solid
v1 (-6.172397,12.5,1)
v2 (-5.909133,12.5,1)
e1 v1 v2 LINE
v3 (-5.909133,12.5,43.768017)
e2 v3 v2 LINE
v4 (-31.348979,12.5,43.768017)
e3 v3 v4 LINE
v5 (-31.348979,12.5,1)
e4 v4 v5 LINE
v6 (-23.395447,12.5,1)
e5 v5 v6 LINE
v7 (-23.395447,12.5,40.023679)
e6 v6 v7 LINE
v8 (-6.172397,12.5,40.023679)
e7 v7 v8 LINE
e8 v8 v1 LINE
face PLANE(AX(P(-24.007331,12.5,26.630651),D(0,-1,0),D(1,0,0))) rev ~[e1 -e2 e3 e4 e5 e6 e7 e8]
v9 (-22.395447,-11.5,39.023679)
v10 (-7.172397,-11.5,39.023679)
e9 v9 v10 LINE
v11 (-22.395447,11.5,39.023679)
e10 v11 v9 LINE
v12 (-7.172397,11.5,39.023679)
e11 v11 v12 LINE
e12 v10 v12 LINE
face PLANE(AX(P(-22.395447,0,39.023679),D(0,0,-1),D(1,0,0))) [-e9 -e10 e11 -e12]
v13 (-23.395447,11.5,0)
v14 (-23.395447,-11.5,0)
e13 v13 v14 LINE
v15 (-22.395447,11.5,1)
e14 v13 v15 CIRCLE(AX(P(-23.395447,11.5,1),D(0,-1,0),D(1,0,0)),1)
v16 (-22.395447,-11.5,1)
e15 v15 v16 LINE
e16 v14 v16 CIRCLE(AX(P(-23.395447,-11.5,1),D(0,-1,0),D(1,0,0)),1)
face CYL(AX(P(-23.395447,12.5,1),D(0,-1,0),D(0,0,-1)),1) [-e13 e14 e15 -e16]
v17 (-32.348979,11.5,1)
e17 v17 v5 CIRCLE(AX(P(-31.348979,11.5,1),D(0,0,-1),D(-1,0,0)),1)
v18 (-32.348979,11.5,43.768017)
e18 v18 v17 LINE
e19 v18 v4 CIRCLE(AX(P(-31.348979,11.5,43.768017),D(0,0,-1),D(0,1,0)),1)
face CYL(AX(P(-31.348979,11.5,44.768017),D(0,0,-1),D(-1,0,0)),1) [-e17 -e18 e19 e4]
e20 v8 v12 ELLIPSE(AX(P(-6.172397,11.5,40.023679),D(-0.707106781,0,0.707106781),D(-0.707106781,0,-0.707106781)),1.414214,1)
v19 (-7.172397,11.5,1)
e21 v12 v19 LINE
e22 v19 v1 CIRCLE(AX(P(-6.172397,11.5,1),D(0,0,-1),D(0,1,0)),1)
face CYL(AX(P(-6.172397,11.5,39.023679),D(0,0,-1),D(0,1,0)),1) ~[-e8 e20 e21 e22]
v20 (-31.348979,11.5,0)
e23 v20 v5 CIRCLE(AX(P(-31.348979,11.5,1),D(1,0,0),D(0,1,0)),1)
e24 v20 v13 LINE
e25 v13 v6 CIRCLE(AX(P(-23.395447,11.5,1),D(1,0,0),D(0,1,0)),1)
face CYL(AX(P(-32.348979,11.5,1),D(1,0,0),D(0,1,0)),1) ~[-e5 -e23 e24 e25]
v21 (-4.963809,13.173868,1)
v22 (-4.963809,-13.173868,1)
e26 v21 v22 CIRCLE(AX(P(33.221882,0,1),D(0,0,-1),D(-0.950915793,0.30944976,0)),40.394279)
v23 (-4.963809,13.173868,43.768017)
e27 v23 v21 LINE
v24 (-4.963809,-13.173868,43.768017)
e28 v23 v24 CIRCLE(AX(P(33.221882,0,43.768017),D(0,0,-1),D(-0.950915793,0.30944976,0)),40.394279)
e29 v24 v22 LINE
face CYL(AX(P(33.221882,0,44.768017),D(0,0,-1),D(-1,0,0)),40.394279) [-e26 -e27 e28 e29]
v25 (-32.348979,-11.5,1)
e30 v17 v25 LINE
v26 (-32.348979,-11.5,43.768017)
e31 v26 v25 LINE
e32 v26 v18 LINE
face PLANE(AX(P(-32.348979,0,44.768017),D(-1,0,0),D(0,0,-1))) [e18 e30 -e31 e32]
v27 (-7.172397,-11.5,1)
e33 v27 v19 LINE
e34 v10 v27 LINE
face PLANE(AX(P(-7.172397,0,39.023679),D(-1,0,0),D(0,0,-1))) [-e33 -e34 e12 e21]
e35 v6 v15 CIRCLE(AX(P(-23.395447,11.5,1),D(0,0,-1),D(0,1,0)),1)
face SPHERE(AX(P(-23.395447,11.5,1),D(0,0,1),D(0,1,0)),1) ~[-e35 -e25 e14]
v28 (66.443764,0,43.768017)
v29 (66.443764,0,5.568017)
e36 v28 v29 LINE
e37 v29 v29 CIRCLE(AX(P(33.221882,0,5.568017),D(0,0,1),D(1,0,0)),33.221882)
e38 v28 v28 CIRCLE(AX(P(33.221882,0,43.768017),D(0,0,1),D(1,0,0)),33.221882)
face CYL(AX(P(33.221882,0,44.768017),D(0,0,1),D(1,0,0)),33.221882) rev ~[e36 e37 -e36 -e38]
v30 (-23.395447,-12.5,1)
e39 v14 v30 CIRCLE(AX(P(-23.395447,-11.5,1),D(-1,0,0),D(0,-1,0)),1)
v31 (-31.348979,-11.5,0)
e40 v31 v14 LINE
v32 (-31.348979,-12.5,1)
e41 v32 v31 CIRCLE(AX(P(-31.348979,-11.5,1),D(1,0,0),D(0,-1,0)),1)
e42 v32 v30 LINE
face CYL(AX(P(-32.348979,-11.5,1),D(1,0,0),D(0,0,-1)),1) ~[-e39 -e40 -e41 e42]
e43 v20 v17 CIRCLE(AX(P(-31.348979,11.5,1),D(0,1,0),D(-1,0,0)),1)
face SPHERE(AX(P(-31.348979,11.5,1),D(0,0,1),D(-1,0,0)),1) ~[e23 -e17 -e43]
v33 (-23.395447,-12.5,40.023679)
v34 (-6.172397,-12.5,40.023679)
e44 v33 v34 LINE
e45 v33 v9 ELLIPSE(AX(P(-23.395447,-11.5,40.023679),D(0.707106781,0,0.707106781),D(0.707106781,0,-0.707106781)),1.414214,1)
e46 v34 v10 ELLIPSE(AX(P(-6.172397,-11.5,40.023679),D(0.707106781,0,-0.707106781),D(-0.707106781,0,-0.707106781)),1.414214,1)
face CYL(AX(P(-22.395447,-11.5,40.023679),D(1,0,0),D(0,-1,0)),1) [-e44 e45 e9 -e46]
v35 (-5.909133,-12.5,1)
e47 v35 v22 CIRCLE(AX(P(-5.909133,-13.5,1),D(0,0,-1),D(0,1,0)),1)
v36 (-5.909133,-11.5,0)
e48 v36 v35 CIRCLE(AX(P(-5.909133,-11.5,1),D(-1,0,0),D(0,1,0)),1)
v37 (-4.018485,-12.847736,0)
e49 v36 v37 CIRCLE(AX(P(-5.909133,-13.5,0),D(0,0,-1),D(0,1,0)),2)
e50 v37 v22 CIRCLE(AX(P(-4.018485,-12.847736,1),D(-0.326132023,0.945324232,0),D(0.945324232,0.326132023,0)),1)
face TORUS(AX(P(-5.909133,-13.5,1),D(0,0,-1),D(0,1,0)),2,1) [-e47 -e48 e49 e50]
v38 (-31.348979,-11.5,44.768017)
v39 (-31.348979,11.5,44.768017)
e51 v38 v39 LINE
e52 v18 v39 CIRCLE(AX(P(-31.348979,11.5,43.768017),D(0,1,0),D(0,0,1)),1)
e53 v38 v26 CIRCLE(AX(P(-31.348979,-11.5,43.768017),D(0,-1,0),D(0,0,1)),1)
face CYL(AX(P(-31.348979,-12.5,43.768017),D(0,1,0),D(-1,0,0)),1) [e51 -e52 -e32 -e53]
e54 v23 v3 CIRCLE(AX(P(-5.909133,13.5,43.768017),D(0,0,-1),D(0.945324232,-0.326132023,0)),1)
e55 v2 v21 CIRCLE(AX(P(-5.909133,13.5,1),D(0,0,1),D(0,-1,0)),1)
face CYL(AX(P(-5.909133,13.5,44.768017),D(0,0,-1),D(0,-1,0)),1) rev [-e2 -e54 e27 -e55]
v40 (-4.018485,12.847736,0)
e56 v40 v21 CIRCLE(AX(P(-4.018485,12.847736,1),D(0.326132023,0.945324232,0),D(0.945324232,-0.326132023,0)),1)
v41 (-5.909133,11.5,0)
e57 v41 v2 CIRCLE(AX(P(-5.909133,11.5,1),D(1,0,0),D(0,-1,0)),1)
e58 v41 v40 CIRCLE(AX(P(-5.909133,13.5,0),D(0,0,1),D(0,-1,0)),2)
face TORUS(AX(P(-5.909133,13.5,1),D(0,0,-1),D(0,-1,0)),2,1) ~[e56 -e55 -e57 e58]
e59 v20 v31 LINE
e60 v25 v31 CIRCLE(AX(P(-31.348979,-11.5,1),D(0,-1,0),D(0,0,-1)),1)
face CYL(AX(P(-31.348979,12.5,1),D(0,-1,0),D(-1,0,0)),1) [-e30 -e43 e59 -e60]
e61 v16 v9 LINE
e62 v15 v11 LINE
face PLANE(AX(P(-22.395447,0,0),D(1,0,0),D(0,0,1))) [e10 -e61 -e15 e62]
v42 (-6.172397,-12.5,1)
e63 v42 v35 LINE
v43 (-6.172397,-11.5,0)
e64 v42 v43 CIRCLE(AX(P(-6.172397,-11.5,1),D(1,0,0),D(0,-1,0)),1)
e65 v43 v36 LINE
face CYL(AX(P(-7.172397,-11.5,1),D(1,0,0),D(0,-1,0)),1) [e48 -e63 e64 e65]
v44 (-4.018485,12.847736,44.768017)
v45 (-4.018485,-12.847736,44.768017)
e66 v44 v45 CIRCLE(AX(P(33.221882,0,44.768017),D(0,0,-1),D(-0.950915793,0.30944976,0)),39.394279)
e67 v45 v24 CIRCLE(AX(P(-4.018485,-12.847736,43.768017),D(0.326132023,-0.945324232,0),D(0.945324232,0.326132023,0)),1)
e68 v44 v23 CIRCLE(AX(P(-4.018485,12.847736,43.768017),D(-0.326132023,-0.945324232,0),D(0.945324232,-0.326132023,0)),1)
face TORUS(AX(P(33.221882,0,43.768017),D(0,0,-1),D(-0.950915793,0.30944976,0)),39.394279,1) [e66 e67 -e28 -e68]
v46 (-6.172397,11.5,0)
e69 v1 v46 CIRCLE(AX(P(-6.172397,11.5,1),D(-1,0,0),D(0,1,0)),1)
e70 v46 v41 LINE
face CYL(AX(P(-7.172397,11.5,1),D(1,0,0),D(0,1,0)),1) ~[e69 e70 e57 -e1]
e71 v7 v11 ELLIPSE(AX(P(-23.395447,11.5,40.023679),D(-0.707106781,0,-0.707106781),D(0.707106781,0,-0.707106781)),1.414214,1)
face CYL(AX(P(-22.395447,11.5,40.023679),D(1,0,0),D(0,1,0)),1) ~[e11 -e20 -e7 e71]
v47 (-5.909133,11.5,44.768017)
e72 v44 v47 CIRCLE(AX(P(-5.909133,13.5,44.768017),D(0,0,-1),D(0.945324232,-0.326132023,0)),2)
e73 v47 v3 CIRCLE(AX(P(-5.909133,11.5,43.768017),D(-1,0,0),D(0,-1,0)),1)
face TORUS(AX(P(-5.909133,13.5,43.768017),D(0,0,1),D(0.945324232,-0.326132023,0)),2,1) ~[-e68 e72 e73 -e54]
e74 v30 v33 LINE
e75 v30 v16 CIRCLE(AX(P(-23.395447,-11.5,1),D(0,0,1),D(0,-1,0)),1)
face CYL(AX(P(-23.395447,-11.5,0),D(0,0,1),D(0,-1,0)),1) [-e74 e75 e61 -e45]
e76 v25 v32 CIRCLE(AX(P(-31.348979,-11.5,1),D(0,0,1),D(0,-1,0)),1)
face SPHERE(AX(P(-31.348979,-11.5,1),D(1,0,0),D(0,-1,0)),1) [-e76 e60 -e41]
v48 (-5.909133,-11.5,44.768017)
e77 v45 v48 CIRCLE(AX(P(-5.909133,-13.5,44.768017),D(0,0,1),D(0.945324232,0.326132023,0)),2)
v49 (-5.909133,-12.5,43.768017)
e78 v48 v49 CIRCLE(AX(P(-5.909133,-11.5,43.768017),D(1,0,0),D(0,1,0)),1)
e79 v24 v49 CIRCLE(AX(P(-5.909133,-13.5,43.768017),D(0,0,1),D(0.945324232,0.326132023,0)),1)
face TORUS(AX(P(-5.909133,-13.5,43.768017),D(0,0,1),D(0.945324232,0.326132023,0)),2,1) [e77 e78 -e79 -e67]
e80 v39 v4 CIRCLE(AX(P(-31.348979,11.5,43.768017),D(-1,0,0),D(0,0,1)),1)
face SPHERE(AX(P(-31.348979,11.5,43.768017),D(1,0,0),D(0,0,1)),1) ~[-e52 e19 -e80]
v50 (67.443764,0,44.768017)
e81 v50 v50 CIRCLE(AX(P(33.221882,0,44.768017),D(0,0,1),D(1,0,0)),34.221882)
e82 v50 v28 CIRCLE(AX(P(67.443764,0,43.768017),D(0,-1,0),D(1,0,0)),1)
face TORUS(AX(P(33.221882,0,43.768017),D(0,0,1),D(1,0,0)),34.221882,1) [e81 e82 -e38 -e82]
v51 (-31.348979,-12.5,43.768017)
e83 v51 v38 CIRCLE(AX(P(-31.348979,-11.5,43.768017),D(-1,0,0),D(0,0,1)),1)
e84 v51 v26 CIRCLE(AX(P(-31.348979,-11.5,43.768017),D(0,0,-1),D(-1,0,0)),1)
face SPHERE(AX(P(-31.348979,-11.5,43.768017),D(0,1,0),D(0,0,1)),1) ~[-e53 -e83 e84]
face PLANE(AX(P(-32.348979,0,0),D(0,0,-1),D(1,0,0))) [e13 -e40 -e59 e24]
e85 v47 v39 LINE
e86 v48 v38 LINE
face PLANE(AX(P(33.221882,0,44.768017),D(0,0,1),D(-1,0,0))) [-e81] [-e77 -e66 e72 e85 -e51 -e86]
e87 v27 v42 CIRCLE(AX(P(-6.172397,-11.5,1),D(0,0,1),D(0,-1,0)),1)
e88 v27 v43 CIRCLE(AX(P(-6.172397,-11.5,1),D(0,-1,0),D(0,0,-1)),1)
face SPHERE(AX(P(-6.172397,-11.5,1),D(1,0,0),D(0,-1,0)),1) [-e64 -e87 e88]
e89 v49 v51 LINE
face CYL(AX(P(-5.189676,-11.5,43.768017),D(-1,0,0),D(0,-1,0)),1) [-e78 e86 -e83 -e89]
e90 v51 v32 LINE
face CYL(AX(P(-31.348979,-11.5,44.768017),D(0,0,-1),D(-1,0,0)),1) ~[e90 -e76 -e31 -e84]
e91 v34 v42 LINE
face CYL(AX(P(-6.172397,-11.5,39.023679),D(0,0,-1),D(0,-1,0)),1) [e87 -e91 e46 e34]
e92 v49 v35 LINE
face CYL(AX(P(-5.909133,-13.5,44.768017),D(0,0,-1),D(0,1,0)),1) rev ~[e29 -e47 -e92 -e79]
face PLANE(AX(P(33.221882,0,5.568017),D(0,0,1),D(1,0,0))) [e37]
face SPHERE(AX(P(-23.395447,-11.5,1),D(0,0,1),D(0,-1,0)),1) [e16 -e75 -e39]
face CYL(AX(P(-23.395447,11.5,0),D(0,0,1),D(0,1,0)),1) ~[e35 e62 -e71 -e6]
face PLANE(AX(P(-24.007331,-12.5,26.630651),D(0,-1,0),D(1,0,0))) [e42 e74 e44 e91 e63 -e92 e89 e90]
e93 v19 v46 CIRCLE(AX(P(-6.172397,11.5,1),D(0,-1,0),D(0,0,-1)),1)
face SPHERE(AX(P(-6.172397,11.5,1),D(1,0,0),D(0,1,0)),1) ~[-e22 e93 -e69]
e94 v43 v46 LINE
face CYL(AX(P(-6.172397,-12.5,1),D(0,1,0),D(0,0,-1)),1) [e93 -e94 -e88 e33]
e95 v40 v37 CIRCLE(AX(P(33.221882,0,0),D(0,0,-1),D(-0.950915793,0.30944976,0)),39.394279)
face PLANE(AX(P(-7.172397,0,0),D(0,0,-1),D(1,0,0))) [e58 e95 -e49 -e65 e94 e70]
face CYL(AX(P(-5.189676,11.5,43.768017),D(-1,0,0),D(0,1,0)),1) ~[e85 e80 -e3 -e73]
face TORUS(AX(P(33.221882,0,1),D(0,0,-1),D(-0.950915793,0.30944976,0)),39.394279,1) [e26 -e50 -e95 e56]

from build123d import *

# Parameters (mm, degrees)
F2_DEPTH = 12.5
F3_R     = 33.2218818367
F4_DEPTH = 39.2
F5_R     = 1


with BuildPart() as f1:
    # F0 (on Front) → F1 (revolve)
    with BuildSketch(Plane.XZ):
        Polygon((33.2218818367, 44.7680167854), (-7.1723973379, 44.7680167854), (-7.1723973379, 39.0236787498), (-7.1723973379, 0), (33.2218818367, 0), align=None)
    revolve(axis=Axis((33.2218818367, 0, 22.3840083927), (0, 0, -1)))

    # F0 (on Front) → F2 (join, symmetric)
    with BuildSketch(Plane.XZ):
        Polygon((-32.3489792645, 44.7680167854), (-32.3489792645, 0), (-22.3954468966, 0), (-22.3954468966, 39.0236787498), (-7.1723973379, 39.0236787498), (-7.1723973379, 44.7680167854), (-22.3954468966, 44.7680167854), align=None)
        Polygon((33.2218818367, 44.7680167854), (-7.1723973379, 44.7680167854), (-7.1723973379, 39.0236787498), (-7.1723973379, 0), (33.2218818367, 0), align=None)
    extrude(amount=F2_DEPTH, both=True)

    # F3 (on face) → F4 (cut)
    with BuildSketch(Plane.XY.offset(44.7680167854)):
        with Locations((33.2218818367, 0)):
            Circle(F3_R)
    extrude(amount=-F4_DEPTH, mode=Mode.SUBTRACT)

    # F5
    f5_edges = [f1.edges().sort_by_distance(p)[0] for p in [
        (73.616161, 0, 44.768017),
        (0, 0, 44.768017),
        (-18.769328, 12.5, 44.768017),
        (-32.348979, 0, 44.768017),
        (-18.769328, -12.5, 44.768017),
        (-5.189676, -12.5, 22.384008),
        (-6.181037, -12.5, 0),
        (-7.172397, -12.5, 19.511839),
        (-14.783922, -12.5, 39.023679),
        (-22.395447, -12.5, 19.511839),
        (-27.372213, -12.5, 0),
        (-32.348979, -12.5, 22.384008),
        (-32.348979, 12.5, 22.384008),
        (-32.348979, 0, 0),
        (-5.189676, 12.5, 22.384008),
        (-6.181037, 12.5, 0),
        (-7.172397, 12.5, 19.511839),
        (-14.783922, 12.5, 39.023679),
        (-22.395447, 12.5, 19.511839),
        (-27.372213, 12.5, 0),
        (73.616161, 0, 0),
        (-7.172397, 0, 0),
        (-22.395447, 0, 0),
    ]]
    fillet(f5_edges, radius=F5_R)


solid = f1.part
